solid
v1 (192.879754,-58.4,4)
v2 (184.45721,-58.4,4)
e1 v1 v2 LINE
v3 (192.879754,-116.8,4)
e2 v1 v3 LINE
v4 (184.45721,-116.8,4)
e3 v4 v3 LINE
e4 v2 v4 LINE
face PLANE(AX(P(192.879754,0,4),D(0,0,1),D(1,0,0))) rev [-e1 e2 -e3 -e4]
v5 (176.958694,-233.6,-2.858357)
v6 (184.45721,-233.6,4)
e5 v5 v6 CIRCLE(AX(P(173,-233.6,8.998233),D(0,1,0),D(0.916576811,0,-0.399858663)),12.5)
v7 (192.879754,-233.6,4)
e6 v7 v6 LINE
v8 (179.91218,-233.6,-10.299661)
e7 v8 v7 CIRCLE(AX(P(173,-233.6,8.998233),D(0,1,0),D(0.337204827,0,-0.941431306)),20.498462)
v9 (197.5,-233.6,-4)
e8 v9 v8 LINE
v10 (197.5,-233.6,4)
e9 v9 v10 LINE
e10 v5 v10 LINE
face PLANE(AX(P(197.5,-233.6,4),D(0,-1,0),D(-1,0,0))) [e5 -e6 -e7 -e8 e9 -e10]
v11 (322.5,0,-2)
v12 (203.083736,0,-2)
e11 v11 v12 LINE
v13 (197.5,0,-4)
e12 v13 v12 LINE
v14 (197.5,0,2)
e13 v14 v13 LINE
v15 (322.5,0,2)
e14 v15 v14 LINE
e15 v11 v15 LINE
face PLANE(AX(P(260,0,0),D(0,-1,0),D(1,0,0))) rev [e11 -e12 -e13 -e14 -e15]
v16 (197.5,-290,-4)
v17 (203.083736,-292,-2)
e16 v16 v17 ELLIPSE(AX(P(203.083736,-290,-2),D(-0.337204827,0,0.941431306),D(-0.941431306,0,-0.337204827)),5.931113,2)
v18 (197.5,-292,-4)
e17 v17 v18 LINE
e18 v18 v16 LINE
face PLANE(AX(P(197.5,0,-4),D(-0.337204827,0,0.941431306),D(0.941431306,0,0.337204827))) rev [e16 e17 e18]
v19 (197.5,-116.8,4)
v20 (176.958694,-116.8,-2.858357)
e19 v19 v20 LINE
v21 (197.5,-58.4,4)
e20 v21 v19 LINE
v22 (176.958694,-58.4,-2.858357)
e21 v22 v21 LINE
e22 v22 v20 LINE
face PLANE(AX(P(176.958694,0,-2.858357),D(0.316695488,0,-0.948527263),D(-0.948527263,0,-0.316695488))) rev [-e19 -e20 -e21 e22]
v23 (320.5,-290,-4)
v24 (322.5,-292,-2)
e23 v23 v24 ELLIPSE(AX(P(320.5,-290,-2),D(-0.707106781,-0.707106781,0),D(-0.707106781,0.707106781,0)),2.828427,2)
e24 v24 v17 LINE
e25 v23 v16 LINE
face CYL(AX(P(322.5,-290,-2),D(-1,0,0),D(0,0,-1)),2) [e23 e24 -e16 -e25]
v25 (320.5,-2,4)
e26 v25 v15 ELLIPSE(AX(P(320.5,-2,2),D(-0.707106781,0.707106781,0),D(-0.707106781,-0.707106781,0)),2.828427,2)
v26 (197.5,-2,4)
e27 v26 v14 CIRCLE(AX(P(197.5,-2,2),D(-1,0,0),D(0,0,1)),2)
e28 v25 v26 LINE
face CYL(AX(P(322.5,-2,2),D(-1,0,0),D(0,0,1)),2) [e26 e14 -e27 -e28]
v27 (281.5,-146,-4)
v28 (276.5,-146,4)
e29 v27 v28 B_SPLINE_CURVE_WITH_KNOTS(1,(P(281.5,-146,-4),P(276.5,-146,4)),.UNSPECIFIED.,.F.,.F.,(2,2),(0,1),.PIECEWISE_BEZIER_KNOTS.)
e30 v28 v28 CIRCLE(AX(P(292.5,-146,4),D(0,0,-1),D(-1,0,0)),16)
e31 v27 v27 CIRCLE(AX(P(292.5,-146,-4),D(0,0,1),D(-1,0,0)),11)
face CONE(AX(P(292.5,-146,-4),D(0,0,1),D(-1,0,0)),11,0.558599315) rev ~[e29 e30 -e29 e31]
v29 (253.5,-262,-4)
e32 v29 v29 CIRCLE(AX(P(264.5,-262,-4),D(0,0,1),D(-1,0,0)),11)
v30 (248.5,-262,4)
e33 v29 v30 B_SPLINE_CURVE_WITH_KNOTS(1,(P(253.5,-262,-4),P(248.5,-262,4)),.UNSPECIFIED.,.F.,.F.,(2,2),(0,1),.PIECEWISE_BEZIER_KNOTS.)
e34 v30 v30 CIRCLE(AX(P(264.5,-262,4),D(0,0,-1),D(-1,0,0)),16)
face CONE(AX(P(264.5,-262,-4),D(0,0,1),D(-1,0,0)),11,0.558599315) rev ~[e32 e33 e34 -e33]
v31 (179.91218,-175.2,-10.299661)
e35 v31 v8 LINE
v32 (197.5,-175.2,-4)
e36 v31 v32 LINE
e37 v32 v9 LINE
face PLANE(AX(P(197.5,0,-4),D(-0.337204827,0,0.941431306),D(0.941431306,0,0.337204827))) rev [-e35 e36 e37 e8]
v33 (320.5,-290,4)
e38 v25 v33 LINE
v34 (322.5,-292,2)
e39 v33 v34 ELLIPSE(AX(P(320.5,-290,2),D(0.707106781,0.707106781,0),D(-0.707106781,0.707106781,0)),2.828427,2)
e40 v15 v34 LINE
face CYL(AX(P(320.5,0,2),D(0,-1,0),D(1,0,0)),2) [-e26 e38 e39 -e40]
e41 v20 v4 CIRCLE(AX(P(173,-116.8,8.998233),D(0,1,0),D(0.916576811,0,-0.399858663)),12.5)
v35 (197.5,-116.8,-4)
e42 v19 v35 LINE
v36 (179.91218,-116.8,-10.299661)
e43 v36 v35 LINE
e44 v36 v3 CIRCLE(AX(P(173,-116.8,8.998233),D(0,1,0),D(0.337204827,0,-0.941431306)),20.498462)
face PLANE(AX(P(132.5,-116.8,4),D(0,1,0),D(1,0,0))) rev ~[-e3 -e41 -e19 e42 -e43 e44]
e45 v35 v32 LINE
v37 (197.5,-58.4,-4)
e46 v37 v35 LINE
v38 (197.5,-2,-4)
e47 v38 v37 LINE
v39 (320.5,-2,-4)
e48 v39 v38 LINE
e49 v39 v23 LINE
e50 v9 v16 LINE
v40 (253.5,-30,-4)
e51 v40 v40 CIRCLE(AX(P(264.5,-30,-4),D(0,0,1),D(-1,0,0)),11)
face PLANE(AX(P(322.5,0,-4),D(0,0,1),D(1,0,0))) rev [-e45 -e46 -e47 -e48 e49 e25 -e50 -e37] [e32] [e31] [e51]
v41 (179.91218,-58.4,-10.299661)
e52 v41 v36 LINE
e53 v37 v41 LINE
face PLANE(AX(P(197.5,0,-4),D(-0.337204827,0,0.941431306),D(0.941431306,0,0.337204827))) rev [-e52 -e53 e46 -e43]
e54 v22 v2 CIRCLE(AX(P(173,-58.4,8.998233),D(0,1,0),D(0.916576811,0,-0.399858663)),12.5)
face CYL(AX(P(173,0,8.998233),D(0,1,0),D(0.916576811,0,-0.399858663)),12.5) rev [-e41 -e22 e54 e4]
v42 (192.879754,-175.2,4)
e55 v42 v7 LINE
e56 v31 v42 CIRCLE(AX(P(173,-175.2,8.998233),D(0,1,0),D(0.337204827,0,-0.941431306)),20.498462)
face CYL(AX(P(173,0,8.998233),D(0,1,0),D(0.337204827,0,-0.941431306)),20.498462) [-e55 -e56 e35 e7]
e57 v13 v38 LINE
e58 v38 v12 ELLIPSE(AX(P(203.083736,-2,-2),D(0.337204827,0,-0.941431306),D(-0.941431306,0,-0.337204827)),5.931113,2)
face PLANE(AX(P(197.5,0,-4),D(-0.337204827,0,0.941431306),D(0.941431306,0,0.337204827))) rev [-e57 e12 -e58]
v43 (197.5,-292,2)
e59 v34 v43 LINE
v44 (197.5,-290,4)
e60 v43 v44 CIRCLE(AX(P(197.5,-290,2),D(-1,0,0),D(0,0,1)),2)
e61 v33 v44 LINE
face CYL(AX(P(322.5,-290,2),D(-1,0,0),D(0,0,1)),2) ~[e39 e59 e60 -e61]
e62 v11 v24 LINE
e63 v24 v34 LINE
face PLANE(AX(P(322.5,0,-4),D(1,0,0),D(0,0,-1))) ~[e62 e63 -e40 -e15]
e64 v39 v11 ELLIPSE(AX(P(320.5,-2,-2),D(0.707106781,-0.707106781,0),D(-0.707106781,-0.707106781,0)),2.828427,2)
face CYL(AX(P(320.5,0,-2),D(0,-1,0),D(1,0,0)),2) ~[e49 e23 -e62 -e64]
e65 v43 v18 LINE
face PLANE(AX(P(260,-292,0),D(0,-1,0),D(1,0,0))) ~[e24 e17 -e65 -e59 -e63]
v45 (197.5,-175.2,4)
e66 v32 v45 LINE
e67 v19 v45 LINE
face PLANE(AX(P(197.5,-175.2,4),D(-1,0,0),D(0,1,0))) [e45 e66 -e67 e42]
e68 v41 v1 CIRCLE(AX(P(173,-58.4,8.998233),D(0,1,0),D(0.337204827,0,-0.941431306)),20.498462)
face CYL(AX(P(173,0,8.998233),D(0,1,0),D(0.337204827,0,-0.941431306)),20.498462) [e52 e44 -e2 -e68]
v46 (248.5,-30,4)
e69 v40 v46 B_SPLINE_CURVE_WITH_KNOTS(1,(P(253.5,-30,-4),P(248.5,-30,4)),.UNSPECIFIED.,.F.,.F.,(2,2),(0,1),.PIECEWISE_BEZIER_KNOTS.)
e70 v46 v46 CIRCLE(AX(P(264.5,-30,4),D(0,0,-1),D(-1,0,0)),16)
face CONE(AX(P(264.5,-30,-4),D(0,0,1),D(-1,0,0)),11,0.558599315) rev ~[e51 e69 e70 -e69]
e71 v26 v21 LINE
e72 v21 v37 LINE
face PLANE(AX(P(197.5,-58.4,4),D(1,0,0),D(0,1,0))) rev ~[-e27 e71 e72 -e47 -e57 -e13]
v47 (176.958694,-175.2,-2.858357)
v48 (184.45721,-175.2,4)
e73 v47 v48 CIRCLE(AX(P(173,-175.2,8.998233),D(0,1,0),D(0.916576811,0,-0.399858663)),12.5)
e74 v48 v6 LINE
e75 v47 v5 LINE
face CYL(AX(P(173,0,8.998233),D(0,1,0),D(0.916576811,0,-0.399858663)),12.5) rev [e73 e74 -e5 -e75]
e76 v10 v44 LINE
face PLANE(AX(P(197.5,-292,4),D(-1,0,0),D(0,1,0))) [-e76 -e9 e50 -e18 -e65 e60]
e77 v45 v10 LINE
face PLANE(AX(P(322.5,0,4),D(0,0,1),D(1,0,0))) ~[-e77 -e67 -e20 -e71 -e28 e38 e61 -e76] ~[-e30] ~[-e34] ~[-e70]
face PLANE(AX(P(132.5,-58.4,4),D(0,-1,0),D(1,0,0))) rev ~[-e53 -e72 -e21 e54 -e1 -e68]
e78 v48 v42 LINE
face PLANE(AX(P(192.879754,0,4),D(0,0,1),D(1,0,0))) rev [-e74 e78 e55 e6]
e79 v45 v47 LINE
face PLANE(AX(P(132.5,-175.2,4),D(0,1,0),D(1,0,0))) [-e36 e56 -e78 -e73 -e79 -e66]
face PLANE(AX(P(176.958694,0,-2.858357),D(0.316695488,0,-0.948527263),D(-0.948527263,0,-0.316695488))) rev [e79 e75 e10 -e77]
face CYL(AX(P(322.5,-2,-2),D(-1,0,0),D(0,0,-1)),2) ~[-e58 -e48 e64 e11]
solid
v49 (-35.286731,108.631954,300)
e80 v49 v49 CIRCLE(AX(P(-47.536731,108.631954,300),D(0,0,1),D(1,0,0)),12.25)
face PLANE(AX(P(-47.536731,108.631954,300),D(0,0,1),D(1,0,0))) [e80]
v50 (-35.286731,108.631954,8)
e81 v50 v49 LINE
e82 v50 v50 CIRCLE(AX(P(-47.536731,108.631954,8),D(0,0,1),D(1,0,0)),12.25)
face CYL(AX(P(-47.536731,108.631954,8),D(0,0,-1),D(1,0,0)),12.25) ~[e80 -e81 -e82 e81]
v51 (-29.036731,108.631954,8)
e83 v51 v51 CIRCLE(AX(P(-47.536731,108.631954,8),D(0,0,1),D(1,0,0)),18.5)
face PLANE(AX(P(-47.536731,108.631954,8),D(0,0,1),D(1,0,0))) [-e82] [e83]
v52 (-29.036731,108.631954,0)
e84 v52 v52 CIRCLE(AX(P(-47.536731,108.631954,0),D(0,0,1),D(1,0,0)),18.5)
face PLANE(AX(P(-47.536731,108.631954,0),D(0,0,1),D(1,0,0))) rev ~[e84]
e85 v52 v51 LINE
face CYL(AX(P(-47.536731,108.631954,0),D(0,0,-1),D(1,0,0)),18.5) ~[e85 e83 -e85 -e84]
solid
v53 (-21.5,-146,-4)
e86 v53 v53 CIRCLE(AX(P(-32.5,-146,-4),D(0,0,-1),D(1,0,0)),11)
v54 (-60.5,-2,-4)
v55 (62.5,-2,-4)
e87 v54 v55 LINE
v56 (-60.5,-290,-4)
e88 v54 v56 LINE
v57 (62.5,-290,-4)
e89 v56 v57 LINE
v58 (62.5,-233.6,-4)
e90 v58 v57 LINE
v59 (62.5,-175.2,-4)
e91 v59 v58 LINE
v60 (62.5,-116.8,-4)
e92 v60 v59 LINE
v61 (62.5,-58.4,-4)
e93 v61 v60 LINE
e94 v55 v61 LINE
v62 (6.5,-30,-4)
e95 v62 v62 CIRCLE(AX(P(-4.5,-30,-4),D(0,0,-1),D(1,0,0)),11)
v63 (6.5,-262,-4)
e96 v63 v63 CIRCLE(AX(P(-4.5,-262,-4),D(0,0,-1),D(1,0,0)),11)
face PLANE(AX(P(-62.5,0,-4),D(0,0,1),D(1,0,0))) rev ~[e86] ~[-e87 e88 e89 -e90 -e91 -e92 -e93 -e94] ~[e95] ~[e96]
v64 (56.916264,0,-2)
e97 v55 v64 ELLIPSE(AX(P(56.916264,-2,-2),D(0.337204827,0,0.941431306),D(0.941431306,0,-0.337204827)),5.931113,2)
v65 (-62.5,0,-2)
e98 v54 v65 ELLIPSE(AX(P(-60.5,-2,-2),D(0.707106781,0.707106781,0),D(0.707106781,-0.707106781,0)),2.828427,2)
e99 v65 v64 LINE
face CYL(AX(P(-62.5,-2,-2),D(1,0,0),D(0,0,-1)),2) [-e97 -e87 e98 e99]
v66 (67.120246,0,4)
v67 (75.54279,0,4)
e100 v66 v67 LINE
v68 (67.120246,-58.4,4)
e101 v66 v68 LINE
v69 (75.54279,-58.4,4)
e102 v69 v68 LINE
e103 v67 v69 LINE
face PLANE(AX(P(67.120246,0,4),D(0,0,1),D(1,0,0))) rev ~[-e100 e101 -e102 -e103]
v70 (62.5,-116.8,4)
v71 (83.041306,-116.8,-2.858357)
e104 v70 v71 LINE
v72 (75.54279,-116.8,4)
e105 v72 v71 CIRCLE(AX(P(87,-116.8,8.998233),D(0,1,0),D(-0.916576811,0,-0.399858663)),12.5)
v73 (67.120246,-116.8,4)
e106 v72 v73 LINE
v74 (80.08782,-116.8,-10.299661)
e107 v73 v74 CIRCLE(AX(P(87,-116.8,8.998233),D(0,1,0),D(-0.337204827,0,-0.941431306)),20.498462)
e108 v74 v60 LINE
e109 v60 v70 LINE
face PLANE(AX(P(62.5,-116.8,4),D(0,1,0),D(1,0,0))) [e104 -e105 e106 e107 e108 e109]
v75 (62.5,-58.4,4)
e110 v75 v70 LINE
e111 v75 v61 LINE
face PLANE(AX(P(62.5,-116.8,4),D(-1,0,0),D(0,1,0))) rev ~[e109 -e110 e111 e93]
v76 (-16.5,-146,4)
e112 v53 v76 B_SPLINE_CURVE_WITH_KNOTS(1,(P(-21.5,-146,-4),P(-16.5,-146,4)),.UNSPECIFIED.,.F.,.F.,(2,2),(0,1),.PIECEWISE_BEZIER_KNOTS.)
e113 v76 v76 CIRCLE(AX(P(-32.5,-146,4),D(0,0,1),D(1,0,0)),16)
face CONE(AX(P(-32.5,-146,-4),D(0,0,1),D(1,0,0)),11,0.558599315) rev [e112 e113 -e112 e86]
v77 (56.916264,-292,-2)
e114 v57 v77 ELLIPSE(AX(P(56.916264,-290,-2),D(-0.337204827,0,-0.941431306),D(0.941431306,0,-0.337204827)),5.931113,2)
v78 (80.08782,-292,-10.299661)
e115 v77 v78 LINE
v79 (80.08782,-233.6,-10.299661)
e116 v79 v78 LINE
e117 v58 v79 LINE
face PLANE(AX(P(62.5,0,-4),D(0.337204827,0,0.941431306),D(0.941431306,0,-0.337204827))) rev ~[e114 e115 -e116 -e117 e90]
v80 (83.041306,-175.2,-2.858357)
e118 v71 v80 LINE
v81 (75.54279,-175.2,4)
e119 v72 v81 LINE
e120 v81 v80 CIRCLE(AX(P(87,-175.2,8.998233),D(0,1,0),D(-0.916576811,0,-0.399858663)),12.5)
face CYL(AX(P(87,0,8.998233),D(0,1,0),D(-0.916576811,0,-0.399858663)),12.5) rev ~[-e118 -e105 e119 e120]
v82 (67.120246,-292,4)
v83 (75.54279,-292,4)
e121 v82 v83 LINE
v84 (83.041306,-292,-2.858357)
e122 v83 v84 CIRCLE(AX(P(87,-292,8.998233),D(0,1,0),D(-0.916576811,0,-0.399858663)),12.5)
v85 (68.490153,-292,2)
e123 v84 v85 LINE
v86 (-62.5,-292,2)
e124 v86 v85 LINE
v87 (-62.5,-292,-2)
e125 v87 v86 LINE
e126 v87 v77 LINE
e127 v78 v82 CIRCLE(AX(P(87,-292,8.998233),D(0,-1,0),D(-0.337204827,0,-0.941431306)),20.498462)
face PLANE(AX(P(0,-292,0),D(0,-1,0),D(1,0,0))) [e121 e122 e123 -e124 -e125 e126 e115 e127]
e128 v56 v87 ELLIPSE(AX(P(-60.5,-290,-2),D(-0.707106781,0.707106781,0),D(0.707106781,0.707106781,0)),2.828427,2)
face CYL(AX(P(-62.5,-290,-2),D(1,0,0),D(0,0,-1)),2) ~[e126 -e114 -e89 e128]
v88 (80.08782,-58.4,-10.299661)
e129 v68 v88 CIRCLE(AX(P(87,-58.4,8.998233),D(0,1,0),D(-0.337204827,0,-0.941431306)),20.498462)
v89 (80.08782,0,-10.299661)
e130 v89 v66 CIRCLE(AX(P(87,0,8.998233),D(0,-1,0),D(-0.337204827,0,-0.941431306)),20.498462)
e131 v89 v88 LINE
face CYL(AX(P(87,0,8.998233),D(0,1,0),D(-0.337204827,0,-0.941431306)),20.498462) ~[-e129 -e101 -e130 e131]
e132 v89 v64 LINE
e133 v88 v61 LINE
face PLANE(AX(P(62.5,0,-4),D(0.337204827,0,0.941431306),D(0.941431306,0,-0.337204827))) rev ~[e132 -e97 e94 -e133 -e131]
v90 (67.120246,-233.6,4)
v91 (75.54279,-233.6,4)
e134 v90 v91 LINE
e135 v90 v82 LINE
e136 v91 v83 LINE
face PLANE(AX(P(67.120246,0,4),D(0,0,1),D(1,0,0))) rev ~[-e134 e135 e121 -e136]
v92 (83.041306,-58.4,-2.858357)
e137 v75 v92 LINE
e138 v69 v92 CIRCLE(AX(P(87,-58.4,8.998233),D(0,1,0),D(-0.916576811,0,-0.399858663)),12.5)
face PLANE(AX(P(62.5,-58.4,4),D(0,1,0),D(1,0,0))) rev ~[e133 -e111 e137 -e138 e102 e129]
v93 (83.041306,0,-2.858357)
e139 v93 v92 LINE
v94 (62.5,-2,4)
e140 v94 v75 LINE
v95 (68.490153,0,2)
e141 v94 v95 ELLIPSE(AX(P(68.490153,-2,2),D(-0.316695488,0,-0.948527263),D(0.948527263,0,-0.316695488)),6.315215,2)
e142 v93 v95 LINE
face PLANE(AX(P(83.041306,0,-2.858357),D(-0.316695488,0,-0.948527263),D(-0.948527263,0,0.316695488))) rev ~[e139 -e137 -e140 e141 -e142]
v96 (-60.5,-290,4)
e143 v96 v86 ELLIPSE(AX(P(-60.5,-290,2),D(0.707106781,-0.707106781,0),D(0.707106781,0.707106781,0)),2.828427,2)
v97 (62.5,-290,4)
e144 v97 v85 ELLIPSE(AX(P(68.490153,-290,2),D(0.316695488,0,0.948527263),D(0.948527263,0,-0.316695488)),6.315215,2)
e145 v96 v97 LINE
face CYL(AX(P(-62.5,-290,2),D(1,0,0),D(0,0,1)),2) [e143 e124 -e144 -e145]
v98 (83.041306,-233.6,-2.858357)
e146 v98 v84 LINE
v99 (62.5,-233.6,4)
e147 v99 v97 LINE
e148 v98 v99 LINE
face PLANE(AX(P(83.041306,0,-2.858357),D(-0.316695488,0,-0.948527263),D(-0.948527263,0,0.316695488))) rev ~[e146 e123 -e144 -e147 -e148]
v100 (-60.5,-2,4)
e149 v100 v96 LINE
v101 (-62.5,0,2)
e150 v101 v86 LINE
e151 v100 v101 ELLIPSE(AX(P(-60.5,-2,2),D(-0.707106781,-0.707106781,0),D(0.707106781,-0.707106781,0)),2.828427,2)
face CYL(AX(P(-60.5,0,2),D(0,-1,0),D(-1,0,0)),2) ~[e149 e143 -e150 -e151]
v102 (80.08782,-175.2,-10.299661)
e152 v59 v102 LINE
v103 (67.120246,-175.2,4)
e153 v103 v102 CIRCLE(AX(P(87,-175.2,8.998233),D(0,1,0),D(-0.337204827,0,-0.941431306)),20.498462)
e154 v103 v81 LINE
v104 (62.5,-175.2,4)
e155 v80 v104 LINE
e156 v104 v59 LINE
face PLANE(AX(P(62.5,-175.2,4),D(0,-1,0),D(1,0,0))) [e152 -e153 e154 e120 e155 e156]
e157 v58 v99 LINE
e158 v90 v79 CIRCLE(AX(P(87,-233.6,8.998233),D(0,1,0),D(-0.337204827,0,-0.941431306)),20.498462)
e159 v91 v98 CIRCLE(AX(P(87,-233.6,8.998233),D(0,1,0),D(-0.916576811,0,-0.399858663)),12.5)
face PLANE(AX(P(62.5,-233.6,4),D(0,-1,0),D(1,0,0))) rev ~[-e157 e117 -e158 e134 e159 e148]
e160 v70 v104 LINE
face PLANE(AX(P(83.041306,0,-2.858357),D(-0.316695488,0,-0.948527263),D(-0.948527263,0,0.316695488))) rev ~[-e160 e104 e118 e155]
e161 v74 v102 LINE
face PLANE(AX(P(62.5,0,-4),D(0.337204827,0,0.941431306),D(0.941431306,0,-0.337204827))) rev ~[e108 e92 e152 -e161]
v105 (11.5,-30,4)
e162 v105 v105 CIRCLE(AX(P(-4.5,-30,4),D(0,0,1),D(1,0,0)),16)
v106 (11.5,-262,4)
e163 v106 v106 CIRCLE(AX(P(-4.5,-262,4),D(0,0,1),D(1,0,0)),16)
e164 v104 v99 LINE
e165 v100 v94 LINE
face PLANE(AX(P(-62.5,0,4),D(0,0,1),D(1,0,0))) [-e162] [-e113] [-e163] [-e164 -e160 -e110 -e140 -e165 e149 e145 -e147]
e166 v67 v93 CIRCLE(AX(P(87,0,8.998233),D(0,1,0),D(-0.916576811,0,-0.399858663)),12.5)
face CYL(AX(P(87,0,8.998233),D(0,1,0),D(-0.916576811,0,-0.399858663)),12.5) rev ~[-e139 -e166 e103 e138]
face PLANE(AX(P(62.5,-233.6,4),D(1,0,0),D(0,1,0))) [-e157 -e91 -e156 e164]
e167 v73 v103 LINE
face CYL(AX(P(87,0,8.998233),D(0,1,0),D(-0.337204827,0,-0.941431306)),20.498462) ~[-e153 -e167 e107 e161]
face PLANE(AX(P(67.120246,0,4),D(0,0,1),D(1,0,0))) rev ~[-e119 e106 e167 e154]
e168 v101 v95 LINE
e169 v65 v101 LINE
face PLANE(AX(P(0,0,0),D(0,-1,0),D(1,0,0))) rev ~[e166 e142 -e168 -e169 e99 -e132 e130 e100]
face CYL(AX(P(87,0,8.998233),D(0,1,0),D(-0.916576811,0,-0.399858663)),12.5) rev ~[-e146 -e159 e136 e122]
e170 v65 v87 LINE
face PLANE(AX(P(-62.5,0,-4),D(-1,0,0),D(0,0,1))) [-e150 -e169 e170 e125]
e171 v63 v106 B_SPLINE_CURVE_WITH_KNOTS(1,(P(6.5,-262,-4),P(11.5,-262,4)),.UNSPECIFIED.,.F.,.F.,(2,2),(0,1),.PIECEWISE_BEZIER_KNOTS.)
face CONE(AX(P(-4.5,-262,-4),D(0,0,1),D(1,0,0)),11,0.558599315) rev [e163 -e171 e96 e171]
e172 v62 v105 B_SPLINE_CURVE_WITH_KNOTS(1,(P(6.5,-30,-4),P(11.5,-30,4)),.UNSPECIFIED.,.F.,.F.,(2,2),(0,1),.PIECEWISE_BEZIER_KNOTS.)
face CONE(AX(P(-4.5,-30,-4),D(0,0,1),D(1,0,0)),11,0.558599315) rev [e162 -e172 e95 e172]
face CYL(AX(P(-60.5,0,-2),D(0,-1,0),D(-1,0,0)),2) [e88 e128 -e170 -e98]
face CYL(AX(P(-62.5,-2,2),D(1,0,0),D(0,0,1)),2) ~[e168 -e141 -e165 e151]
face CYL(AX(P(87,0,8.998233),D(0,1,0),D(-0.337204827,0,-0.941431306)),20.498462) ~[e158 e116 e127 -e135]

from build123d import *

# Parameters (mm, degrees)
F0_W      = 125
F0_H      = 8
F1_DEPTH  = 292
F3_R      = 11
F2_R      = 16
F8_R      = 2
F2_W      = 80
F2_H      = 58.4
F10_DEPTH = 50
F11_W     = 65
F11_H     = 58.4
F12_DEPTH = 62.5
F13_R     = 18.5
F14_DEPTH = 8
F15_R     = 12.25
F16_DEPTH = 292


with BuildPart() as f1:
    # F0 (on Front) → F1 (new body)
    with BuildSketch(Plane.XZ):
        Rectangle(F0_W, F0_H)
        with BuildLine():
            Line((62.5, 4), (62.5, -4))
            Line((62.5, -4), (80.0878196661, -10.2996605775))
            ThreePointArc((80.0878196661, -10.2996605775), (102.1845976555, 22.7683073126), (67.120246264, 4))
            Line((67.120246264, 4), (75.5427898684, 4))
            ThreePointArc((75.5427898684, 4), (95.4363374083, 18.2220183642), (83.0413063969, -2.8583574935))
            Line((83.0413063969, -2.8583574935), (62.5, 4))
        make_face()
    extrude(amount=F1_DEPTH)

    # F3 (on face) → F4 section 0
    with BuildSketch(Plane(origin=(0, 0, -4), x_dir=(1, 0, 0), z_dir=(0, 0, -1))):
        with Locations((-32.5, 146)):
            Circle(F3_R)
    # F2 (on face) → F4 section 1
    with BuildSketch(Plane.XY.offset(4)):
        with Locations((-32.5, -146)):
            Circle(F2_R)
    loft(mode=Mode.SUBTRACT)

    # F3 (on face) → F5 section 0
    with BuildSketch(Plane(origin=(0, 0, -4), x_dir=(1, 0, 0), z_dir=(0, 0, -1))):
        with Locations((-4.5, 262)):
            Circle(F3_R)
    # F2 (on face) → F5 section 1
    with BuildSketch(Plane.XY.offset(4)):
        with Locations((-4.5, -262)):
            Circle(F2_R)
    loft(mode=Mode.SUBTRACT)

    # F3 (on face) → F6 section 0
    with BuildSketch(Plane(origin=(0, 0, -4), x_dir=(1, 0, 0), z_dir=(0, 0, -1))):
        with Locations((-4.5, 30)):
            Circle(F3_R)
    # F2 (on face) → F6 section 1
    with BuildSketch(Plane.XY.offset(4)):
        with Locations((-4.5, -30)):
            Circle(F2_R)
    loft(mode=Mode.SUBTRACT)

    # F8
    f8_edges = [f1.edges().sort_by_distance(p)[0] for p in [
        (0, -292, 4),
        (0, -292, -4),
        (0, 0, 4),
        (0, 0, -4),
        (-62.5, -146, 4),
        (-62.5, -146, -4),
    ]]
    fillet(f8_edges, radius=F8_R)


with BuildPart() as f9_1:
    # F9: instance of F1
    add(f1.part.mirror(Plane.YZ.offset(130)))

    # F11 (on face) → F12 (cut, symmetric)
    with BuildSketch(Plane.XY.offset(4)):
        Polygon((197.5, -292), (197.5, -290), (197.5, -233.6), (132.5, -233.6), (132.5, -292), align=None)
        with Locations((165, -146)):
            Rectangle(F11_W, F11_H)
        Polygon((197.5, -2), (197.5, 0), (132.5, 0), (132.5, -58.4), (197.5, -58.4), align=None)
    extrude(amount=F12_DEPTH, both=True, mode=Mode.SUBTRACT)


with BuildPart() as f1_1:
    add(f1.part)

    # F2 (on face) → F10 (cut, symmetric)
    with BuildSketch(Plane.XY.offset(4)):
        with Locations((102.5, -87.6)):
            Rectangle(F2_W, F2_H)
        with Locations((102.5, -204.4)):
            Rectangle(F2_W, F2_H)
    extrude(amount=F10_DEPTH, both=True, mode=Mode.SUBTRACT)


with BuildPart() as f14:
    # F13 (on Top) → F14 (new body)
    with BuildSketch(Plane.XY):
        with Locations((-47.5367307663, 108.6319535971)):
            Circle(F13_R)
    extrude(amount=F14_DEPTH)

    # F15 (on face) → F16 (join)
    with BuildSketch(Plane.XY.offset(8)):
        with Locations((-47.5367307663, 108.6319535971)):
            Circle(F15_R)
    extrude(amount=F16_DEPTH)


solid = Compound([f9_1.part, f1_1.part, f14.part])
